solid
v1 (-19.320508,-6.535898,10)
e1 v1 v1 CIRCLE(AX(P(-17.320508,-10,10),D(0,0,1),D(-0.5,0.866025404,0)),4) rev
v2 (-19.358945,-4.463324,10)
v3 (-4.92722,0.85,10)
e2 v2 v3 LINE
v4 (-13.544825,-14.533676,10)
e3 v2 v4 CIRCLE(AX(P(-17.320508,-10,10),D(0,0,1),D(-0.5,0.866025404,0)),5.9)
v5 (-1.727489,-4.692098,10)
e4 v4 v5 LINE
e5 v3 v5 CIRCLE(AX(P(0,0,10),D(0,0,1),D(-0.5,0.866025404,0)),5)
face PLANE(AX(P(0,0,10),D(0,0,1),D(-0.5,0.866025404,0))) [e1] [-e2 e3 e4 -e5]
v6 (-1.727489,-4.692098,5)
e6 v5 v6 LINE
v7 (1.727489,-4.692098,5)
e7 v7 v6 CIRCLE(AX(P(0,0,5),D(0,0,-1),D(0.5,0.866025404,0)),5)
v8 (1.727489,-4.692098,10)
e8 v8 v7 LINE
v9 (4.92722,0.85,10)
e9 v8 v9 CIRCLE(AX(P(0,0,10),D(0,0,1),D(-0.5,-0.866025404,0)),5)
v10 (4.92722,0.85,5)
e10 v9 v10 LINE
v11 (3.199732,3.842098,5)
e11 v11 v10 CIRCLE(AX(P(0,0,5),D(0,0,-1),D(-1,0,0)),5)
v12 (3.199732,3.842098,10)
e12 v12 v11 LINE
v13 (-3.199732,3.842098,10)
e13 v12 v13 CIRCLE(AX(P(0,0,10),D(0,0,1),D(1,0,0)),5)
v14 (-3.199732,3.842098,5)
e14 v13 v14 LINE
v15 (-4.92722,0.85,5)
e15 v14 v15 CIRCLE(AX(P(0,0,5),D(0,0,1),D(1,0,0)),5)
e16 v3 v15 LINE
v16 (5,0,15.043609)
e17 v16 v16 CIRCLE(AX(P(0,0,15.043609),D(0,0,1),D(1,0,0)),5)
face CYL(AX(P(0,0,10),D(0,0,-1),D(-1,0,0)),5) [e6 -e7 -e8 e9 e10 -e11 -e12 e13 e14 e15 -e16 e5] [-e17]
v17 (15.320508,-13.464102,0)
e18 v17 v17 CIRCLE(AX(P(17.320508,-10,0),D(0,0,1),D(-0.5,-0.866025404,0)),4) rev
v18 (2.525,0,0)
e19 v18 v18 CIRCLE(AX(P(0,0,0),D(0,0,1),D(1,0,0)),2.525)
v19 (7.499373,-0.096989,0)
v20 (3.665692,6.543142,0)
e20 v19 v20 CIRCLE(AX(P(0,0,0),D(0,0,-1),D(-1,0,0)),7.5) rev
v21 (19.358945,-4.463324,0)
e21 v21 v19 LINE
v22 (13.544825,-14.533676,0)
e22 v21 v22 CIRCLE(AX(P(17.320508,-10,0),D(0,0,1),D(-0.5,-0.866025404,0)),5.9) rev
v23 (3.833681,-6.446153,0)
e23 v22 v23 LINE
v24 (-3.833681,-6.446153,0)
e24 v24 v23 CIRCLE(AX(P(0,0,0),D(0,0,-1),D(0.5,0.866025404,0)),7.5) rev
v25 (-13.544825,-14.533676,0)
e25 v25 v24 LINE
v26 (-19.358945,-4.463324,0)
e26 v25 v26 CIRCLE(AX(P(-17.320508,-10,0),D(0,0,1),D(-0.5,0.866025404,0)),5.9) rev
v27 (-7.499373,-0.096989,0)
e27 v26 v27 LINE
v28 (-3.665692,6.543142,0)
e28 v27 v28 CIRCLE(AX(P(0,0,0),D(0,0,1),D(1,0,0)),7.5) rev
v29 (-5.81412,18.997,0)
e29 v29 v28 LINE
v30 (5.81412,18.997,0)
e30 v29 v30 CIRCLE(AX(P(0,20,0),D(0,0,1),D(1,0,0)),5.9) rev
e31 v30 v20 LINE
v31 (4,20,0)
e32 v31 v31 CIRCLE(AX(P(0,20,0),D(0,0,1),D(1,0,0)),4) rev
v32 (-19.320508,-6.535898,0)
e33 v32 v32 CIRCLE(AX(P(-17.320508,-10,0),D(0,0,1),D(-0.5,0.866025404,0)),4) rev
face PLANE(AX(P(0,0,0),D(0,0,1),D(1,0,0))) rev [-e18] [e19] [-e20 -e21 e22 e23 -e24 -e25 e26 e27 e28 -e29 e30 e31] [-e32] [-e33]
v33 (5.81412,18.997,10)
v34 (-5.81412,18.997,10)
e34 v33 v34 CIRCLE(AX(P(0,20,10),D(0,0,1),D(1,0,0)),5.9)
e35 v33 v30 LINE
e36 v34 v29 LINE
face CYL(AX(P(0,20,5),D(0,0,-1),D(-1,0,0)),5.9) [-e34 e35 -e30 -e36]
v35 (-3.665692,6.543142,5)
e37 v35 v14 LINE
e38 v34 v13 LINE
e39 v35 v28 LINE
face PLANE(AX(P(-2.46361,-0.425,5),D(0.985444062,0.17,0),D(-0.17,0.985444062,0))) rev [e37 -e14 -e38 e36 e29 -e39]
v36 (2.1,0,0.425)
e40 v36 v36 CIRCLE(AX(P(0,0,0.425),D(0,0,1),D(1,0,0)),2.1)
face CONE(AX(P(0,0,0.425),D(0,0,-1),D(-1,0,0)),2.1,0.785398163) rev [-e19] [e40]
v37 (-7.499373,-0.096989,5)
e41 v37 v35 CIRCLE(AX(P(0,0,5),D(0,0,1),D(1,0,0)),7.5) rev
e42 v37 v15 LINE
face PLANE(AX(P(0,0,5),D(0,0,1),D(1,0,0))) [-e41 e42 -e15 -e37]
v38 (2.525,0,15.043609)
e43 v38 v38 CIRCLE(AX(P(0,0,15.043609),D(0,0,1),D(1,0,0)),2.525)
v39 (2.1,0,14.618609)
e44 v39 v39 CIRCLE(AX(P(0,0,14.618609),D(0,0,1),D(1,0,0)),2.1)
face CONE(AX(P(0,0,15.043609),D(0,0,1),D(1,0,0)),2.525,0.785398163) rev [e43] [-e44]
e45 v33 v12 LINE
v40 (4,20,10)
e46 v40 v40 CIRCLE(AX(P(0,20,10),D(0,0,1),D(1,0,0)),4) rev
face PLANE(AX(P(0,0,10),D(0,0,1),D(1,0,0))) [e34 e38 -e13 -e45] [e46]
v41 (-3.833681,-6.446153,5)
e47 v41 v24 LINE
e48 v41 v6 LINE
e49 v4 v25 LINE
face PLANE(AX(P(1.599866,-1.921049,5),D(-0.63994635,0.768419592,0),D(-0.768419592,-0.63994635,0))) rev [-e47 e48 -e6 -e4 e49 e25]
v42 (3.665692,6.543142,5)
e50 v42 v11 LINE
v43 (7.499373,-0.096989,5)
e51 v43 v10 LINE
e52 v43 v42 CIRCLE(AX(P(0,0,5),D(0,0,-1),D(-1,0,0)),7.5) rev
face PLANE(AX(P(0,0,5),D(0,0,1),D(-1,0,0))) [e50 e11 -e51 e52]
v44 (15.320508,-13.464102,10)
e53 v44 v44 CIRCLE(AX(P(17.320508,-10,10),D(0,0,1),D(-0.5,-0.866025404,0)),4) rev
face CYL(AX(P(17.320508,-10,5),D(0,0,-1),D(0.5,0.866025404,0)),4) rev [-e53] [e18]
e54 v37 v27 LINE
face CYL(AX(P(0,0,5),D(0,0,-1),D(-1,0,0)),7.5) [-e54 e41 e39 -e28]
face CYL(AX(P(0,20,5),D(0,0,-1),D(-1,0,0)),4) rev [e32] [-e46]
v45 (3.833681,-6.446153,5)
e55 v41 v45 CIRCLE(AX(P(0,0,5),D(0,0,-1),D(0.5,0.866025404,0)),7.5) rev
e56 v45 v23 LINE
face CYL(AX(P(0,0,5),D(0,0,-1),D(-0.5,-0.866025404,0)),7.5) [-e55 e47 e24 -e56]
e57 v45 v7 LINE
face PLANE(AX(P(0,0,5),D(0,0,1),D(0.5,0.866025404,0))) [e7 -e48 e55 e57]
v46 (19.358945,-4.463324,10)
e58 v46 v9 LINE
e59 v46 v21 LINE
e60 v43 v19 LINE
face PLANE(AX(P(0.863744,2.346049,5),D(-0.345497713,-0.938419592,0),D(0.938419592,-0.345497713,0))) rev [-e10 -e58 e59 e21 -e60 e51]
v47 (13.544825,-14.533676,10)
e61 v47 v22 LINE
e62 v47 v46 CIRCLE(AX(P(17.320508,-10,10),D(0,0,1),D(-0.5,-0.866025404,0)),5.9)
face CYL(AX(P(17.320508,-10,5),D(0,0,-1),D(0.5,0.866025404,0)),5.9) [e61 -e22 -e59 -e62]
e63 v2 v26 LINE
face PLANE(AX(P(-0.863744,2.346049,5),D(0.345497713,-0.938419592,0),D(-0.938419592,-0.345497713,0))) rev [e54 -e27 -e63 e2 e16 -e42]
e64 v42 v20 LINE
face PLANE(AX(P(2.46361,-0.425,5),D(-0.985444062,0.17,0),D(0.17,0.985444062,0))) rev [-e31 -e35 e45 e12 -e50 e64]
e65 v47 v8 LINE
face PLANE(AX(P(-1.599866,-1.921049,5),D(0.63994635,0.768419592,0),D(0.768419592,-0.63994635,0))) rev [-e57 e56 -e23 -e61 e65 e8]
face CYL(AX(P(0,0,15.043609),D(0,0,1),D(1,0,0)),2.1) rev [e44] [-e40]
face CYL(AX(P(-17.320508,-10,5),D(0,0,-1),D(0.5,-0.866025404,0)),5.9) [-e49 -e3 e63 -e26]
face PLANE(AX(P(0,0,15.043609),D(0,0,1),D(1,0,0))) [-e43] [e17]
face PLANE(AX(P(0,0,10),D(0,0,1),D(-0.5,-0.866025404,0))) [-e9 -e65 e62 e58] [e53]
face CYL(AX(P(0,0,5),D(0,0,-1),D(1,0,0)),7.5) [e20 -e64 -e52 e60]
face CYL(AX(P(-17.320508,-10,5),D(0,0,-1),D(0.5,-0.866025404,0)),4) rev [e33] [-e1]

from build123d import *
from build123d.topology import SkipClean

# Parameters (mm, degrees)
BOSS_EXTRUDE1_DEPTH = 5
BOSS_EXTRUDE3_DEPTH = 5
BOSS_EXTRUDE4_DEPTH = 5.043608808
CIRPATTERN1_COUNT   = 3


with BuildPart() as part:
    # Sketch1 → Boss-Extrude1 (new body)
    with BuildSketch(Plane.XY):
        with BuildLine():
            ThreePointArc((0, 16), (-4, 20), (0, 24))
            Line((0, 24), (0, 25.9))
            ThreePointArc((0, 25.9), (-4.51263227, 23.800809124), (-5.814119968, 18.997))
            Line((-5.814119968, 18.997), (-3.665691684, 6.54314179))
            ThreePointArc((-3.665691684, 6.54314179), (-5.268898566, 5.337481419), (-6.495190528, 3.75))
            Line((-6.495190528, 3.75), (0, 0))
            Line((0, 0), (0, 16))
        make_face()
    extrude(amount=BOSS_EXTRUDE1_DEPTH)

    # Sketch2 → Boss-Extrude3 (add)
    with BuildSketch(Plane.XY.offset(5)):
        with BuildLine():
            ThreePointArc((0, 16), (-4, 20), (0, 24))
            Line((0, 24), (0, 25.9))
            ThreePointArc((0, 25.9), (-4.51263227, 23.800809124), (-5.814119968, 18.997))
            Line((-5.814119968, 18.997), (-3.199731749, 3.84209796))
            ThreePointArc((-3.199731749, 3.84209796), (-3.824264635, 3.221024682), (-4.330127019, 2.5))
            Line((-4.330127019, 2.5), (0, 0))
            Line((0, 0), (0, 16))
        make_face()
    extrude(amount=BOSS_EXTRUDE3_DEPTH)

    # Sketch4 → Boss-Extrude4 (add)
    with BuildSketch(Plane.XY.offset(10)):
        with BuildLine():
            Line((0, 0), (0, 5))
            ThreePointArc((0, 5), (-2.5, 4.330127019), (-4.330127019, 2.5))
            Line((-4.330127019, 2.5), (0, 0))
        make_face()
    extrude(amount=BOSS_EXTRUDE4_DEPTH)

    # Mirror1: part across plane


with BuildPart() as part_1:
    with SkipClean():  # the faces are left unmerged after this step: merging them gives an invalid solid
        add(part.part)
        add(part.part.mirror(Plane(origin=(0, 0, 0), x_dir=(0, 0, 1), z_dir=(1, 0, 0))))


with BuildPart() as cirpattern1_1:
    # CirPattern1: pattern copy
    add(part_1.part.rotate(Axis((0, 0, 20.990521912), (0, 0, -1)), 1 * 360 / CIRPATTERN1_COUNT))


with BuildPart() as cirpattern1_2:
    # CirPattern1: pattern copy
    add(part_1.part.rotate(Axis((0, 0, 20.990521912), (0, 0, -1)), 2 * 360 / CIRPATTERN1_COUNT))


with BuildPart() as part_2:
    add(part_1.part)

    # Combine1: union CirPattern1_1, CirPattern1_2
    add(cirpattern1_1.part)
    add(cirpattern1_2.part)

    # Sketch8 → M5 Tapped Hole1 (revolve, cut)
    with SkipClean():  # the faces are left unmerged after this step: merging them gives an invalid solid
        with BuildSketch(Plane(origin=(0, 0, 15.043608808), x_dir=(0, -1, 0), z_dir=(1, 0, 0))):
            Polygon((0, 0), (0, 15.043608808), (2.525, 15.043608808), (2.1, 14.618608808), (2.1, 0.425), (2.525, 0), align=None)
        revolve(axis=Axis((0, 0, 21.393608808), (0, 0, -1)), mode=Mode.SUBTRACT)


solid = part_2.part
